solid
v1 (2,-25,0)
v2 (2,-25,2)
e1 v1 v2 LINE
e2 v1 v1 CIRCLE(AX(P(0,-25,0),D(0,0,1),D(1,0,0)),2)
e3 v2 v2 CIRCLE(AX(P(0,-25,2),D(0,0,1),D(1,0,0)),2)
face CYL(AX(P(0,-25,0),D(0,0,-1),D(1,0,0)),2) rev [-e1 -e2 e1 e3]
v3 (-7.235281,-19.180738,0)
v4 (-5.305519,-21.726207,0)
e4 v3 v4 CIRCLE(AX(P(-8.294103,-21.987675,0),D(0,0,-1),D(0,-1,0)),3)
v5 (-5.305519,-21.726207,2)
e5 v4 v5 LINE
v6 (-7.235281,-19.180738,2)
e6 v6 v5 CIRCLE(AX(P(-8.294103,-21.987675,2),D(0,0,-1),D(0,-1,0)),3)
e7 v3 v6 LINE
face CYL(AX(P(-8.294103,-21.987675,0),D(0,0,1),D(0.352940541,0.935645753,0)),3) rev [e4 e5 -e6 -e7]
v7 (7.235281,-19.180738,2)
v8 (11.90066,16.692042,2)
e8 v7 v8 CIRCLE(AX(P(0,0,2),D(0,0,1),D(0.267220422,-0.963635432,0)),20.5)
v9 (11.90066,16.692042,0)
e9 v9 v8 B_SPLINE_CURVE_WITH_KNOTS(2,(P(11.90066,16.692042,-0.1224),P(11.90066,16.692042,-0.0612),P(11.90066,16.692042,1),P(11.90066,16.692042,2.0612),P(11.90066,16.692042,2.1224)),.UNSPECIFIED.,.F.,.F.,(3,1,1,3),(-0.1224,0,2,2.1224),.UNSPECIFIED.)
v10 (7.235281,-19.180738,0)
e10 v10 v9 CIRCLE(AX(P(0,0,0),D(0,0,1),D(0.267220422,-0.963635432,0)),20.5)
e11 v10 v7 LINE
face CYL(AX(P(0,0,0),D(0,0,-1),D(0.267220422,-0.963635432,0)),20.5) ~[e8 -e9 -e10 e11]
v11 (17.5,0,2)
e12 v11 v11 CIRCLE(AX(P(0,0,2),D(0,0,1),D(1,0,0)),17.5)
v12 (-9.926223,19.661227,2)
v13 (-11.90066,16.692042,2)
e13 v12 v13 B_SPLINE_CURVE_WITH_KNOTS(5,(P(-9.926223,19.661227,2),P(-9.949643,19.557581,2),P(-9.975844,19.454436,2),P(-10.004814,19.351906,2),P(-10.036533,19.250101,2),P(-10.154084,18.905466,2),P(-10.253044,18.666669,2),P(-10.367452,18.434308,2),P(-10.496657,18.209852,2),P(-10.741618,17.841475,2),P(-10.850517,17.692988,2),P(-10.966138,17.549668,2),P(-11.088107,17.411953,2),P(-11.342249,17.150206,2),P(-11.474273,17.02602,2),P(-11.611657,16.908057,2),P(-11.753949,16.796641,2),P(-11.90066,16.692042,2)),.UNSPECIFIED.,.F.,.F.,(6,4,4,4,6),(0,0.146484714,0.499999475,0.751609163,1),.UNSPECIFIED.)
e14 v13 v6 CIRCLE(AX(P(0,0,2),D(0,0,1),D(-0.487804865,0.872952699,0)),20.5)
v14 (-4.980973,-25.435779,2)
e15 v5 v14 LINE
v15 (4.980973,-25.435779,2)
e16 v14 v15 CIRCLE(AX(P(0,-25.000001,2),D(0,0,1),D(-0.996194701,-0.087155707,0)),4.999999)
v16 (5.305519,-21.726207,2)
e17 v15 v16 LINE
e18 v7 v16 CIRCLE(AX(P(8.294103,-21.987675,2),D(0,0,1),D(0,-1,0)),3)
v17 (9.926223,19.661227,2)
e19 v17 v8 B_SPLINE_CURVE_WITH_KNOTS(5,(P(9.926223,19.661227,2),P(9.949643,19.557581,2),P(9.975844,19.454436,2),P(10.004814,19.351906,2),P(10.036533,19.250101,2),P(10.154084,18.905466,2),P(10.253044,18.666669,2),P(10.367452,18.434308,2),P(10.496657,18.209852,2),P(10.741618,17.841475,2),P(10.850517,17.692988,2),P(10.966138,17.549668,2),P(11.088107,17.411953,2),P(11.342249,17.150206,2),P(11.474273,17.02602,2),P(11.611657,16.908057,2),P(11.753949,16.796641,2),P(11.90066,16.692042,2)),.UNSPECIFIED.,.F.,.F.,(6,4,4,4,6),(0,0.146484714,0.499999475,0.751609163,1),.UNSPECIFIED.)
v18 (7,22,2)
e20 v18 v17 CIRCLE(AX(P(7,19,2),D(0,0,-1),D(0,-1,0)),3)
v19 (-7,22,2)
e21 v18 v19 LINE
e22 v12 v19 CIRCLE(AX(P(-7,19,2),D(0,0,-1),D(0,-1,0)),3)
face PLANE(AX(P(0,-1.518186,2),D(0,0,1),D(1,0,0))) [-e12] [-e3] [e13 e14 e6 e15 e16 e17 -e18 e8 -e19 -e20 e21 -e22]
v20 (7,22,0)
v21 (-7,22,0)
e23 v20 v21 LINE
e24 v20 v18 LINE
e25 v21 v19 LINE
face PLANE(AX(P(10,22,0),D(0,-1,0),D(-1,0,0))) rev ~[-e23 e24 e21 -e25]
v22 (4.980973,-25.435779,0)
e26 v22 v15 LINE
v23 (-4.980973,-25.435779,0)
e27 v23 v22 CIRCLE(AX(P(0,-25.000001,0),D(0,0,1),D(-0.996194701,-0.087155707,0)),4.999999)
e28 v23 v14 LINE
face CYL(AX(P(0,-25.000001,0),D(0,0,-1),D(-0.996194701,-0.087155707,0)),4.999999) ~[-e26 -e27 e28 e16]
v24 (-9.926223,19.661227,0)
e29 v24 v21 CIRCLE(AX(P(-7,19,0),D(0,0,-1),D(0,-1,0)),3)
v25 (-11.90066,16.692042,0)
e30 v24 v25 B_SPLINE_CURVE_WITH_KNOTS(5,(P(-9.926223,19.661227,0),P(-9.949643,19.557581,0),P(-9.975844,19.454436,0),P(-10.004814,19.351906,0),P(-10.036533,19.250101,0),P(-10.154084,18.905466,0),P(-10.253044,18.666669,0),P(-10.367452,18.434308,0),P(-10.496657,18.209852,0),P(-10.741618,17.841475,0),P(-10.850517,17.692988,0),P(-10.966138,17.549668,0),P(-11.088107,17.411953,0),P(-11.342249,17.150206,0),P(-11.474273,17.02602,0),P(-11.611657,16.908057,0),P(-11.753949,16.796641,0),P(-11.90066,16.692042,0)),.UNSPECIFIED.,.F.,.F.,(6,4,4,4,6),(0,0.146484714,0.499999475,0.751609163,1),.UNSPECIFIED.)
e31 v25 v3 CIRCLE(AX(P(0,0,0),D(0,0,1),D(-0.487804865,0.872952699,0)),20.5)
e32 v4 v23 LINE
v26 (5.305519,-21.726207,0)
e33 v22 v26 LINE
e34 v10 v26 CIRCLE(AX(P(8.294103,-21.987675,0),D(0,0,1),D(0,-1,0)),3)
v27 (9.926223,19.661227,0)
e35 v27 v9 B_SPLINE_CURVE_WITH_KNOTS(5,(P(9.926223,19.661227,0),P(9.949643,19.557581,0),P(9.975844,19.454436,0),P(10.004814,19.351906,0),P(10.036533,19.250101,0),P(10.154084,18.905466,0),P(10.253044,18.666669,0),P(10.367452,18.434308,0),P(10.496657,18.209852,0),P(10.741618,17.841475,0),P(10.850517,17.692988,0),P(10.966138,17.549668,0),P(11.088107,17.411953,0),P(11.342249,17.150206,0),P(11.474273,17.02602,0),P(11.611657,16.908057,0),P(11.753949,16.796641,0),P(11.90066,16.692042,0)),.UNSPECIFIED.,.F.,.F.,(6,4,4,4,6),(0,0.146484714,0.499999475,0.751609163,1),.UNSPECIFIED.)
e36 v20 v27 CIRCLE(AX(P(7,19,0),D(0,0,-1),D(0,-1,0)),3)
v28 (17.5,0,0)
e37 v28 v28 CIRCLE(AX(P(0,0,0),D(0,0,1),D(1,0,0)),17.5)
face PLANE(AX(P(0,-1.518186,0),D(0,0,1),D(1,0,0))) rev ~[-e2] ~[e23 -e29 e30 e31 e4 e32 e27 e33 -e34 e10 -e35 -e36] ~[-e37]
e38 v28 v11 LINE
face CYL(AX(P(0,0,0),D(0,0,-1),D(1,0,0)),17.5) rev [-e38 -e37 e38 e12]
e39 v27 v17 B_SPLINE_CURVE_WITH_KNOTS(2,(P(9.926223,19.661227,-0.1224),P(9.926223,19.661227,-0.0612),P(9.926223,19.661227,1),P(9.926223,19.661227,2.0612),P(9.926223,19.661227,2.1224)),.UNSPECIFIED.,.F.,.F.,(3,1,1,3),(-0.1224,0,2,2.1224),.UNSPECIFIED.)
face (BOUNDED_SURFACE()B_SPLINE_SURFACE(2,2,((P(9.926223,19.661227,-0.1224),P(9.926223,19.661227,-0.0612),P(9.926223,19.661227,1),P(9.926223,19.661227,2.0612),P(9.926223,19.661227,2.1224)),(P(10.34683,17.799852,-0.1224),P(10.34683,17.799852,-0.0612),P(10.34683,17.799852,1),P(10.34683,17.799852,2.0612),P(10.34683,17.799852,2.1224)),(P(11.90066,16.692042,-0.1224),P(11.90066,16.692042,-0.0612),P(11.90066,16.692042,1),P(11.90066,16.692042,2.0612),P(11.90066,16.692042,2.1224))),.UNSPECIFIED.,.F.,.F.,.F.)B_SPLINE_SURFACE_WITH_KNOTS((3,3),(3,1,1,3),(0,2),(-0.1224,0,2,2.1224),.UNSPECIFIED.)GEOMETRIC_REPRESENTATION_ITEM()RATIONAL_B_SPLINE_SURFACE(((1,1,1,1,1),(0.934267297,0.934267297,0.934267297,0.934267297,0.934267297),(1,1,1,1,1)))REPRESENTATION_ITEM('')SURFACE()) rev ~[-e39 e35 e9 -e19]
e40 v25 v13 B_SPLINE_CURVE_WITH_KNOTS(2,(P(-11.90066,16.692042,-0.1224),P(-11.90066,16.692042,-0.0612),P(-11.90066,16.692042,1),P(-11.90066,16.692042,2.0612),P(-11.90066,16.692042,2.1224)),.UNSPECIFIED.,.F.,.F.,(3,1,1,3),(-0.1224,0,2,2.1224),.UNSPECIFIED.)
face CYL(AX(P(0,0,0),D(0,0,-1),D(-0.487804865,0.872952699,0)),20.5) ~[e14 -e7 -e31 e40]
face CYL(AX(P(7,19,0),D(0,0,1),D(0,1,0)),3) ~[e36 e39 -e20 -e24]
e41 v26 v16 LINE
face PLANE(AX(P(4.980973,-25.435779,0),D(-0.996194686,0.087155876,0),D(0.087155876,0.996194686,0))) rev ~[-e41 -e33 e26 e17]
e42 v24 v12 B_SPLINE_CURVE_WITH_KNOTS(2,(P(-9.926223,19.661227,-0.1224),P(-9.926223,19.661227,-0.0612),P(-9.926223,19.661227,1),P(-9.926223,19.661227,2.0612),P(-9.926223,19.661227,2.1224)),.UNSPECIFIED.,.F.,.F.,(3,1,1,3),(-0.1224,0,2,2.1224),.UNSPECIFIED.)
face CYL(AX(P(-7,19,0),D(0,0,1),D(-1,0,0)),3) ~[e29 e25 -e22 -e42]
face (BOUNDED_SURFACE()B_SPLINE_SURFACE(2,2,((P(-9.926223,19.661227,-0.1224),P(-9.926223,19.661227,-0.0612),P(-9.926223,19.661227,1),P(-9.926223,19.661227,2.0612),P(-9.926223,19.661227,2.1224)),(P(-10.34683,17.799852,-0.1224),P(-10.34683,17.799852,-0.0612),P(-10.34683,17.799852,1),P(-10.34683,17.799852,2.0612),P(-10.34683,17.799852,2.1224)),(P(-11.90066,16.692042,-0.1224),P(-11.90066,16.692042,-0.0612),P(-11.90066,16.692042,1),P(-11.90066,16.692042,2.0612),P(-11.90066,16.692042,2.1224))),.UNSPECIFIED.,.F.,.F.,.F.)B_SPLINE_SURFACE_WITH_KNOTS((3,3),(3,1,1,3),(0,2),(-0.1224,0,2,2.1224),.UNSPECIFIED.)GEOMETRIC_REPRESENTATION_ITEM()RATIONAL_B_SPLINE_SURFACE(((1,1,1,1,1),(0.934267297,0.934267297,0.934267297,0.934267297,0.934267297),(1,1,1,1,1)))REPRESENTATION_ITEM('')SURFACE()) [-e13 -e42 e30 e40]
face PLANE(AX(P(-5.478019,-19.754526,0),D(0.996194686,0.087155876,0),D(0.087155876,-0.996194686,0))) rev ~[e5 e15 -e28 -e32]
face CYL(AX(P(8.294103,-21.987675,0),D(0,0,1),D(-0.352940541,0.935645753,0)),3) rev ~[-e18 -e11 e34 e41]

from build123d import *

# Parameters (mm, degrees)
F0_R     = 2
F0_R_2   = 17.5
F1_DEPTH = 2
F2_R     = 3
F3_R     = 5


with BuildPart() as f1:
    # F0 (on Top) → F1 (new body)
    with BuildSketch(Plane.XY):
        with BuildLine():
            Line((-10, 22), (-10, 17.89553))
            ThreePointArc((-10, 17.89553), (-20.353721, -2.444595), (-5.478019, -19.754526))
            Line((-5.478019, -19.754526), (-4.980973, -25.435779))
            ThreePointArc((-4.980973, -25.435779), (0, -30), (4.980973, -25.435779))
            Line((4.980973, -25.435779), (5.478019, -19.754526))
            ThreePointArc((5.478019, -19.754526), (20.353721, -2.444595), (10, 17.89553))
            Line((10, 17.89553), (10, 22))
            Line((10, 22), (-10, 22))
        make_face()
        with Locations((0, -25)):
            Circle(F0_R, mode=Mode.SUBTRACT)
        Circle(F0_R_2, mode=Mode.SUBTRACT)
    extrude(amount=F1_DEPTH)

    # F2
    f2_edges = [f1.edges().sort_by_distance(p)[0] for p in [
        (-10, 22, 1),
        (10, 22, 1),
        (-5.478019, -19.754526, 1),
        (5.478019, -19.754526, 1),
    ]]
    fillet(f2_edges, radius=F2_R)

    # F3
    f3_edges = [f1.edges().sort_by_distance(p)[0] for p in [
        (-10, 17.89553, 1),
        (10, 17.89553, 1),
    ]]
    fillet(f3_edges, radius=F3_R)


solid = f1.part
